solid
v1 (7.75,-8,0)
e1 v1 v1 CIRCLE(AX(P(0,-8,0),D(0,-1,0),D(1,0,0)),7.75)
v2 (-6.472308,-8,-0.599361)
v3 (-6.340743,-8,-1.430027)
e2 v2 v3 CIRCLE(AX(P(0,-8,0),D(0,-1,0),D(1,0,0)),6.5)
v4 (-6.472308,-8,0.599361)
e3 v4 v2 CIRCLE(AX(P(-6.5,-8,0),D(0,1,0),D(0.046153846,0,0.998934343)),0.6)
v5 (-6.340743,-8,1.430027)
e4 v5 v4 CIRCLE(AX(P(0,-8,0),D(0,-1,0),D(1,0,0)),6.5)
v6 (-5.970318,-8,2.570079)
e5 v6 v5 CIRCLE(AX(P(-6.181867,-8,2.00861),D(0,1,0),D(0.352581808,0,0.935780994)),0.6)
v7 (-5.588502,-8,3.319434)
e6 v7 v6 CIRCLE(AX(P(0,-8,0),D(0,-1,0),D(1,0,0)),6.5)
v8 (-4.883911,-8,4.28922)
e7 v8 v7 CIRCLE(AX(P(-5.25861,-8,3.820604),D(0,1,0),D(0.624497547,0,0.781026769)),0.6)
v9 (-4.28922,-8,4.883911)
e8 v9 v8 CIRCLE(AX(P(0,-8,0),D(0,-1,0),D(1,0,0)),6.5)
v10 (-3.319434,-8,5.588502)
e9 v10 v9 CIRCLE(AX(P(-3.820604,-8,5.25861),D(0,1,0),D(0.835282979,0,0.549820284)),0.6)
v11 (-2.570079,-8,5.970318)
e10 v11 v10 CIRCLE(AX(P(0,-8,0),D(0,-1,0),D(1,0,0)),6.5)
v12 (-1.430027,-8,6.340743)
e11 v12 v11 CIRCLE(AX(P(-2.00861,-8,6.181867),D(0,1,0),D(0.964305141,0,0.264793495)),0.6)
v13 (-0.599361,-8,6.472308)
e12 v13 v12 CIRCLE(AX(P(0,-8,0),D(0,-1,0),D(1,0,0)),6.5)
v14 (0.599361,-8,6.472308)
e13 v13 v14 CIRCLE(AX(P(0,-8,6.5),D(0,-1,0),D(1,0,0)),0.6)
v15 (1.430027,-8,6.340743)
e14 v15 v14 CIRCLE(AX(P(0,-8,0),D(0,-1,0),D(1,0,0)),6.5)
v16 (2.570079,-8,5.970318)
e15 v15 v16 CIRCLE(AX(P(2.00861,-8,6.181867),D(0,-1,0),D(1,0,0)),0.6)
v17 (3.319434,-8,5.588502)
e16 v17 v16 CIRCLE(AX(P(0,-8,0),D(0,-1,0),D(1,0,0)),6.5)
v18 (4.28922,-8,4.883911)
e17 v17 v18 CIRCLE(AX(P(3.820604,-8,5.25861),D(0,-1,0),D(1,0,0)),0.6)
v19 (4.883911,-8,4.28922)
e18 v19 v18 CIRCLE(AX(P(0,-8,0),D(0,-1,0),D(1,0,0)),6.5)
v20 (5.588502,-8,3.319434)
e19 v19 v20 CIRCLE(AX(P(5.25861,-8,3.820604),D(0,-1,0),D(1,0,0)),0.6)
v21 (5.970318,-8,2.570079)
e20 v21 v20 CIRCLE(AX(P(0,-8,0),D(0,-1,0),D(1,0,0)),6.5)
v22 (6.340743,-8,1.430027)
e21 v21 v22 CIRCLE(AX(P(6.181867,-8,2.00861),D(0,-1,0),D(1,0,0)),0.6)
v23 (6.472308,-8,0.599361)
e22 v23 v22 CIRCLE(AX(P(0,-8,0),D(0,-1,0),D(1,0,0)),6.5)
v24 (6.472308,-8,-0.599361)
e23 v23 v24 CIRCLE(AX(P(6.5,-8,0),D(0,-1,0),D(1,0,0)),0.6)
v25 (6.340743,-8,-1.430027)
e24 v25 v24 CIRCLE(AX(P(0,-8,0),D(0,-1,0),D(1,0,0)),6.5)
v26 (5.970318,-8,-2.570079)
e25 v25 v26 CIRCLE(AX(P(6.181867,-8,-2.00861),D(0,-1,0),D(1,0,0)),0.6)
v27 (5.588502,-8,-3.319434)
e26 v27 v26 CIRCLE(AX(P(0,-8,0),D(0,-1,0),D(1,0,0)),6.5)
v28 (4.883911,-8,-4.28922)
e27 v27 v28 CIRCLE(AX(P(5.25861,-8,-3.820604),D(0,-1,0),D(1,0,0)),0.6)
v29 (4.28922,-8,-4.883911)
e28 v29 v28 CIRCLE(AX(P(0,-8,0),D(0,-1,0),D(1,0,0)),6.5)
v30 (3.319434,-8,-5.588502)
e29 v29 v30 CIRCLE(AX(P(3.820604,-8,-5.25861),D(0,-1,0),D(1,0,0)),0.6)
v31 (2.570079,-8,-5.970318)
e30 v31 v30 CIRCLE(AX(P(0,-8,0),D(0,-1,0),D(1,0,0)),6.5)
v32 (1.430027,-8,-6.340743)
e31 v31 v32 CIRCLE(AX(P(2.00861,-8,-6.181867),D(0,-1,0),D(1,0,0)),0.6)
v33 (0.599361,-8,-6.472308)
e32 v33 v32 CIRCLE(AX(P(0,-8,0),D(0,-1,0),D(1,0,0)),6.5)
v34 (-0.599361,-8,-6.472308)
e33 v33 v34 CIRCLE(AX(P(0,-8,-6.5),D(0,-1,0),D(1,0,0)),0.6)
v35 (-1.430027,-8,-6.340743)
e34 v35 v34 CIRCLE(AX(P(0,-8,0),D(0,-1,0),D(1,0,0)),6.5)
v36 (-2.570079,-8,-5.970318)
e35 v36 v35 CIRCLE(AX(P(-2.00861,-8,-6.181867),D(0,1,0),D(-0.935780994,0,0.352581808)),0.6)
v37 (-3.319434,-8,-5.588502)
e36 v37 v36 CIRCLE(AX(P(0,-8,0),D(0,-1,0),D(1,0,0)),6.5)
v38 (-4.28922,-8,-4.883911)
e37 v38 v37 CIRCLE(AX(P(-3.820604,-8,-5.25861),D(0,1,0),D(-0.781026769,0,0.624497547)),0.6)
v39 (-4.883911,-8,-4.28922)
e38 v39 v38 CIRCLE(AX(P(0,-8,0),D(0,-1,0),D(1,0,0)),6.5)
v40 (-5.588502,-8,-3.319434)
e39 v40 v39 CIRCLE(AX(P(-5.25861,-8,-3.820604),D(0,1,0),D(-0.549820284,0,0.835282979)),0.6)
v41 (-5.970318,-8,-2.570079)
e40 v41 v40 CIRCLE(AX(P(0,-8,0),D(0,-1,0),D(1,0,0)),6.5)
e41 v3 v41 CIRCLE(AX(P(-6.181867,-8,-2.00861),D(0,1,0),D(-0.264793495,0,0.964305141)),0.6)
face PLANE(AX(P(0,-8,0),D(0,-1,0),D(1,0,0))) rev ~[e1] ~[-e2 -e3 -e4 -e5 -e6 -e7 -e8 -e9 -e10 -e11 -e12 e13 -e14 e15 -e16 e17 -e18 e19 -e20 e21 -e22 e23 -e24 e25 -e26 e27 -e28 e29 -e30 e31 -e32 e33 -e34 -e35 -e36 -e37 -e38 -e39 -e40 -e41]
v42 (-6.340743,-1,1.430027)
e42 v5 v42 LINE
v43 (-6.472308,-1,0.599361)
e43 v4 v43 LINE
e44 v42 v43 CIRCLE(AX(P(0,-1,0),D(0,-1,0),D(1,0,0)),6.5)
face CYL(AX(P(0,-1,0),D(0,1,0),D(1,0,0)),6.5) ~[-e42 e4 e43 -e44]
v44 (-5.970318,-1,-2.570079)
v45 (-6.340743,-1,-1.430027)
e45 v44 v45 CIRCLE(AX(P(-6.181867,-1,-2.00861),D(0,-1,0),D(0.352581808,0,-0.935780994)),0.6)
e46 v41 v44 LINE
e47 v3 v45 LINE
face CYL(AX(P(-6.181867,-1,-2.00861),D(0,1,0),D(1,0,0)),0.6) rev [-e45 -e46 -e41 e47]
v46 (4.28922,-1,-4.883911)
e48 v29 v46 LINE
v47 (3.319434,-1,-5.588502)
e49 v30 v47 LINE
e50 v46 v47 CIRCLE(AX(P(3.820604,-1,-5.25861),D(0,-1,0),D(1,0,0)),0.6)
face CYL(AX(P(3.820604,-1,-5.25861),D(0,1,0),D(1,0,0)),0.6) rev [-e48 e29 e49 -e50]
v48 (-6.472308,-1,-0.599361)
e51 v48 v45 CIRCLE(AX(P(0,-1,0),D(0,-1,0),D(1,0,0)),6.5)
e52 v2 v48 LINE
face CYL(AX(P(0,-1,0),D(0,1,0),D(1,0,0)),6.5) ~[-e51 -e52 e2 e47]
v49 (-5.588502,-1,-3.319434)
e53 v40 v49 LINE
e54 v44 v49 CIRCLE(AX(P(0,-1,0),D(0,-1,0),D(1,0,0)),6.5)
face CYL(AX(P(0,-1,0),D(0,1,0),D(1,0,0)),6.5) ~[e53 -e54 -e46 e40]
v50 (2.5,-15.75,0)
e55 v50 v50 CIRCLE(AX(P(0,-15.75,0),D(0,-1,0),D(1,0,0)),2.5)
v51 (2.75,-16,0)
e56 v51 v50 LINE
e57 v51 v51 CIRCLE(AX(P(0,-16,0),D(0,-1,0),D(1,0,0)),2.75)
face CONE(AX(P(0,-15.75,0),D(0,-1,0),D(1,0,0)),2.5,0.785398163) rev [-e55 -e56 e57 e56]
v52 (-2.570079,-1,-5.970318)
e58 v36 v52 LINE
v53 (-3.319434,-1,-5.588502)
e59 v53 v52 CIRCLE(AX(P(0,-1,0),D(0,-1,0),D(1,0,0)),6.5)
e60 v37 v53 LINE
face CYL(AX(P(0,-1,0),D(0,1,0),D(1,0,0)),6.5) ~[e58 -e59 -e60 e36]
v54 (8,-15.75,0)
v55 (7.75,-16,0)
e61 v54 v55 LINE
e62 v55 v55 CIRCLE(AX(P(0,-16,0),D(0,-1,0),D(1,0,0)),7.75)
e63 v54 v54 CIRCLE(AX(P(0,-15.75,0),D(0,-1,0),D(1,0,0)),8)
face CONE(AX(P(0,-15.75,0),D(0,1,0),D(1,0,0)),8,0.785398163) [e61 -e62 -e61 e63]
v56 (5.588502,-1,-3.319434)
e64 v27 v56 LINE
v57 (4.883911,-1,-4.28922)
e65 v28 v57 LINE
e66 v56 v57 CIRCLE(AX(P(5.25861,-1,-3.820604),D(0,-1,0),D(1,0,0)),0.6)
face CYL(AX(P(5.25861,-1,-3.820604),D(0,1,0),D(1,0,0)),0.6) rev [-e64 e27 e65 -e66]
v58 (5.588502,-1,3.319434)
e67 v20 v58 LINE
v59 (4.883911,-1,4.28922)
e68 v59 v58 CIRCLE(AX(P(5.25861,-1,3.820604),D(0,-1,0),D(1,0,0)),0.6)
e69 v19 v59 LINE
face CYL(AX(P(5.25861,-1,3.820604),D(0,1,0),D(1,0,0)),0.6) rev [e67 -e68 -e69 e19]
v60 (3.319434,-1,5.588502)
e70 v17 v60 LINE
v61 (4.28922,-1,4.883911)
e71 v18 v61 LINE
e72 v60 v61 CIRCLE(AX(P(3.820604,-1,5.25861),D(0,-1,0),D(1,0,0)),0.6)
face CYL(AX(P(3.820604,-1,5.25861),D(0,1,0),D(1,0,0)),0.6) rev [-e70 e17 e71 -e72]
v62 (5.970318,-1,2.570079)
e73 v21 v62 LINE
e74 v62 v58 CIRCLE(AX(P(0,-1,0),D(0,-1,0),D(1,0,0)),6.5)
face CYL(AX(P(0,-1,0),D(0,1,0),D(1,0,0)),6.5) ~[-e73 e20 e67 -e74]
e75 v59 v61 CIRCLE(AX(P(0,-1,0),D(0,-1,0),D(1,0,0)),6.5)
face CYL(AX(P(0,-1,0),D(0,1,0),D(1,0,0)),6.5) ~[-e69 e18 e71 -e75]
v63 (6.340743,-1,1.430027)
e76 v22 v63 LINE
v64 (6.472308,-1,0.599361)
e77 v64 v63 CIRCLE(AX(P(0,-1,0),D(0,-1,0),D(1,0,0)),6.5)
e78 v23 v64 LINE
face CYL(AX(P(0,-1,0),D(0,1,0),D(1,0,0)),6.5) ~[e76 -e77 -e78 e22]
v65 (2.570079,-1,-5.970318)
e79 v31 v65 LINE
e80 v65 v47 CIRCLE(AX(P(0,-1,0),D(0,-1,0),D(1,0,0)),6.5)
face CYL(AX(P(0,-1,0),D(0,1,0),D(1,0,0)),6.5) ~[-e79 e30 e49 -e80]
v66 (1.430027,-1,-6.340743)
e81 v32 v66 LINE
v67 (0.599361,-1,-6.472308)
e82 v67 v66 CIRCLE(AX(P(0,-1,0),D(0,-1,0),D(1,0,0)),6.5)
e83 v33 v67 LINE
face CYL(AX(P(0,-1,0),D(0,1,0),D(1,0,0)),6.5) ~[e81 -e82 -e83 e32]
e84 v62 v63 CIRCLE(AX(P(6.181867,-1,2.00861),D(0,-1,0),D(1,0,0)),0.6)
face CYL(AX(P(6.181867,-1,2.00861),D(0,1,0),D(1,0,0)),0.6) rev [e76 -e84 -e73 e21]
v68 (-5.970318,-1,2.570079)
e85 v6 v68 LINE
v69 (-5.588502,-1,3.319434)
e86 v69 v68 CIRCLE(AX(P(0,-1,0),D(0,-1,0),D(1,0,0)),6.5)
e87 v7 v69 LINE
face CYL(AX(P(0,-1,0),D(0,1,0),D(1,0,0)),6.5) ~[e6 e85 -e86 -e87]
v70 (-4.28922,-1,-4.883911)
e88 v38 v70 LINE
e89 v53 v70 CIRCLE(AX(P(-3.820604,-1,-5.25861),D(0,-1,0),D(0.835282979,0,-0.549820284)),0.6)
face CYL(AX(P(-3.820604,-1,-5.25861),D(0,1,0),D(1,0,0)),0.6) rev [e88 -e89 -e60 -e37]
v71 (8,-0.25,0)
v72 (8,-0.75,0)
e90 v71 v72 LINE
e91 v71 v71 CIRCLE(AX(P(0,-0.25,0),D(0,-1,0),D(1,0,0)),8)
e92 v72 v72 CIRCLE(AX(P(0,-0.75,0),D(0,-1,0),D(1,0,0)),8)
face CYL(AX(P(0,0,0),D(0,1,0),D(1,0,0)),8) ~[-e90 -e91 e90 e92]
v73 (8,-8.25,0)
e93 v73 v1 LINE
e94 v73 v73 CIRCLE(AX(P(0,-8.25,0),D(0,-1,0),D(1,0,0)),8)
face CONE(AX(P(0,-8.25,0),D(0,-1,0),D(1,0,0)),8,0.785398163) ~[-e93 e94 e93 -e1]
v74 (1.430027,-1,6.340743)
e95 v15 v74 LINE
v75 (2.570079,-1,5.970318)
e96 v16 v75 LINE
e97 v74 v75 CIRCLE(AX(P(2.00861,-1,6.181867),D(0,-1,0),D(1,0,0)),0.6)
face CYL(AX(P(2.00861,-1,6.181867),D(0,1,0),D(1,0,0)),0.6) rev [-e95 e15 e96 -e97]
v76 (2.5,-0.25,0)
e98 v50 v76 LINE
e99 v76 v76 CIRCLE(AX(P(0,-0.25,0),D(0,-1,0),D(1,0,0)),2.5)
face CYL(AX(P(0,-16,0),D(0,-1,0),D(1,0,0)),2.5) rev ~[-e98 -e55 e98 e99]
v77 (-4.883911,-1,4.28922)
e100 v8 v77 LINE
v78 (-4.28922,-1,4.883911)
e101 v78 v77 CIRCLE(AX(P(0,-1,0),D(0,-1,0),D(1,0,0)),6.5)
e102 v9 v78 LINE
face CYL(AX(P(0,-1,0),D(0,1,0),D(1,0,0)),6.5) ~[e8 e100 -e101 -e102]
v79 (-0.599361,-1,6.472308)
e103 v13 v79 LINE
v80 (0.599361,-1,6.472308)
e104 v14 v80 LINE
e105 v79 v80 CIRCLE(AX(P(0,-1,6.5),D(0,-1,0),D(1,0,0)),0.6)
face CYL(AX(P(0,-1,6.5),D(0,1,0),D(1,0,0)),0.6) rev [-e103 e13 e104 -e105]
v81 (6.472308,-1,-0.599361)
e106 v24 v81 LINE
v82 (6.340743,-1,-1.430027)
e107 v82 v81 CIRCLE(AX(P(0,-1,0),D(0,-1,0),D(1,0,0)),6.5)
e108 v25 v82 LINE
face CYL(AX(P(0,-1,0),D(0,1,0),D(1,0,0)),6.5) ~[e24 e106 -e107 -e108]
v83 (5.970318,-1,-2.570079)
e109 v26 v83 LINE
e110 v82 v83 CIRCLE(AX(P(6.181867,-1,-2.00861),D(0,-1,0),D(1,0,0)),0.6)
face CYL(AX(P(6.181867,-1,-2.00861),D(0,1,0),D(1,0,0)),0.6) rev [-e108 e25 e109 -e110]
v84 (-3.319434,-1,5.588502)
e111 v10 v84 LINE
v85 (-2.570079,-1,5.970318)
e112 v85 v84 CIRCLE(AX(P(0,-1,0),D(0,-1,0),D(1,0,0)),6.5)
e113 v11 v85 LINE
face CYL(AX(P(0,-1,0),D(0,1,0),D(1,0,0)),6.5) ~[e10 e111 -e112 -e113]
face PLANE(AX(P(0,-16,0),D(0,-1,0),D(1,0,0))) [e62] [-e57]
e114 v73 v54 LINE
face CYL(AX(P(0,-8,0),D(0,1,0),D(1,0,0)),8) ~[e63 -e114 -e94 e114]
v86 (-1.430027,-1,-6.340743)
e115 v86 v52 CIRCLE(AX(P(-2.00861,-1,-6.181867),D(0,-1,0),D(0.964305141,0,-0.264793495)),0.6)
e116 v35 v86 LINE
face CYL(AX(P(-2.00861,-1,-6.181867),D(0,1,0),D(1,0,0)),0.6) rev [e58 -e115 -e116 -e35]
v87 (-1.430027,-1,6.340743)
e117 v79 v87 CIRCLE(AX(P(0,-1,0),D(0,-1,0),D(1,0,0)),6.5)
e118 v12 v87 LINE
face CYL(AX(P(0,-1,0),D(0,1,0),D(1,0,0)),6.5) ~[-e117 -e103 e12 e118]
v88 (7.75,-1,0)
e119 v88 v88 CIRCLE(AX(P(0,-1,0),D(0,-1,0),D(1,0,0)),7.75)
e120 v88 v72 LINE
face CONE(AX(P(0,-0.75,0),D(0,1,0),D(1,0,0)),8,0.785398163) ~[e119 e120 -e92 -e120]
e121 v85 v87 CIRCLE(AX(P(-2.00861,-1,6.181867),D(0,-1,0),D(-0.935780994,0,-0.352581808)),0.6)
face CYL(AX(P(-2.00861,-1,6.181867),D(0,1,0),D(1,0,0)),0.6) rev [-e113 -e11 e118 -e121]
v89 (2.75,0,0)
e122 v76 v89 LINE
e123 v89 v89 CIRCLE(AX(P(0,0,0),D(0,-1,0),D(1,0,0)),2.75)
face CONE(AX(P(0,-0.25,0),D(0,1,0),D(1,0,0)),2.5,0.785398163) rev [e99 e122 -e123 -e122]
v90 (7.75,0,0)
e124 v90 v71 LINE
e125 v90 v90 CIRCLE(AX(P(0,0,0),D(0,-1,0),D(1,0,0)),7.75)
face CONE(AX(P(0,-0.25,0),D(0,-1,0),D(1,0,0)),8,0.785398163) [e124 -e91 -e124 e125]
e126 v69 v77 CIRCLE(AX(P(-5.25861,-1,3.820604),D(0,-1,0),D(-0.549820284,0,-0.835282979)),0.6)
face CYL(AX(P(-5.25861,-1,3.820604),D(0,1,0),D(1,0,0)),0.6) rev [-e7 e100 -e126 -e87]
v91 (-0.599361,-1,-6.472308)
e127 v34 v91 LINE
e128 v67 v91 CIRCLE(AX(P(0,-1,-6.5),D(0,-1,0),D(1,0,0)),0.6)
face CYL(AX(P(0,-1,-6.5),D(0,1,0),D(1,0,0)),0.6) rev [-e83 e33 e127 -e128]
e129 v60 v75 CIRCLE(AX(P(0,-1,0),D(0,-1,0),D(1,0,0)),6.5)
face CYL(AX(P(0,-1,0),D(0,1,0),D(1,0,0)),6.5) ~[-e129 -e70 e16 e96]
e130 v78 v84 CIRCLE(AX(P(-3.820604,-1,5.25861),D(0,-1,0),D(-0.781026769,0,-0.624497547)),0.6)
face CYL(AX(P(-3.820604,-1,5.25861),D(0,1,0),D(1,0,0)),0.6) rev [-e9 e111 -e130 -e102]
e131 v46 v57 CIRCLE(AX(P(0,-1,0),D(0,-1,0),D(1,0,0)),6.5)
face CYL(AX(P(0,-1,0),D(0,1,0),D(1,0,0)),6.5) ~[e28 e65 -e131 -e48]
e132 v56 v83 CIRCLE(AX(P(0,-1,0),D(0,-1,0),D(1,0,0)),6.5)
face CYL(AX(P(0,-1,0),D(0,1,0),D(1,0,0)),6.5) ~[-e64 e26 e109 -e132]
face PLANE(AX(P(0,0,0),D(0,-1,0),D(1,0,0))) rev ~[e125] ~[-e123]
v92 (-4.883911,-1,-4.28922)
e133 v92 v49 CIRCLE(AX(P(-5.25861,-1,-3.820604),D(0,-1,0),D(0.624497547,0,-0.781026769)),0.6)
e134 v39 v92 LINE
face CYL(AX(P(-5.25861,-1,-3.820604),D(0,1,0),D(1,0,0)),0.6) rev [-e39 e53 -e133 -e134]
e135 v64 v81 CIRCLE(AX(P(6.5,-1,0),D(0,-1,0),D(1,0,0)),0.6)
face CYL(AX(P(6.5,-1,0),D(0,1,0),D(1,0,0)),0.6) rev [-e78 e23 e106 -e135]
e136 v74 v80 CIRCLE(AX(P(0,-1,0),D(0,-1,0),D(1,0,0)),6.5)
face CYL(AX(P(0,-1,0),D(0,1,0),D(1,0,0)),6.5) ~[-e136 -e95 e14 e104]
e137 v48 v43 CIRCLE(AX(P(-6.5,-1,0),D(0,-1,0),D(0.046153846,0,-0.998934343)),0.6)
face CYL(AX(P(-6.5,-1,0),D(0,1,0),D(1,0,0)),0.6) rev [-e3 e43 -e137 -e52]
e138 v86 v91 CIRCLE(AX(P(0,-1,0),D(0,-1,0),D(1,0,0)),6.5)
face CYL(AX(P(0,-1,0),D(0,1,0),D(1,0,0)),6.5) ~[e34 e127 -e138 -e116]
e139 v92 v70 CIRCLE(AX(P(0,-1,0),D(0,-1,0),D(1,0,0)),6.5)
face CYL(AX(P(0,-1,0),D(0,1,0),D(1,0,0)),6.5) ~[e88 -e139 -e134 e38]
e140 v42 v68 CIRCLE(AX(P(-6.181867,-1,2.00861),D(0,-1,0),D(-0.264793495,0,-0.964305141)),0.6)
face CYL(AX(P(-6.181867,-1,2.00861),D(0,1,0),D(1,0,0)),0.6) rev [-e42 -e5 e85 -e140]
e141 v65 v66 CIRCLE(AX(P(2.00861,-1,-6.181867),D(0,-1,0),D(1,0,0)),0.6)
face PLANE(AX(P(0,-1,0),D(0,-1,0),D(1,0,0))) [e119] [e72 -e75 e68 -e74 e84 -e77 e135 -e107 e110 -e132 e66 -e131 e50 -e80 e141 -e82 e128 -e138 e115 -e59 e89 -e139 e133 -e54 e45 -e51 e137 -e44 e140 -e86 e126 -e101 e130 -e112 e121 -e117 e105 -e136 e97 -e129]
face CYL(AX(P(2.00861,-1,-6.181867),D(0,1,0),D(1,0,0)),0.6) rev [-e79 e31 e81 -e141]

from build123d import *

# Parameters (mm, degrees)
F0_R     = 8
F1_DEPTH = 1
F2_R     = 6.5
F3_DEPTH = 7
F4_R     = 8
F5_DEPTH = 8
F6_R     = 0.6
F7_DEPTH = 7
F8_R     = 2.5
F9_DEPTH = 16.001
F10_SIZE = 0.25


with BuildPart() as f1:
    # F0 (on Front) → F1 (new body)
    with BuildSketch(Plane.XZ):
        Circle(F0_R)
    extrude(amount=F1_DEPTH)

    # F2 (on face) → F3 (join)
    with BuildSketch(Plane.XZ.offset(1)):
        Circle(F2_R)
    extrude(amount=F3_DEPTH)

    # F4 (on face) → F5 (join)
    with BuildSketch(Plane.XZ.offset(8)):
        Circle(F4_R)
    extrude(amount=F5_DEPTH)

    # F6 (on face) → F7 (cut, through all)
    with BuildSketch(Plane.XZ.offset(1)):
        with Locations((0, 6.5)):
            Circle(F6_R)
        with Locations((-2.00861, 6.181867)):
            Circle(F6_R)
        with Locations((-3.820604, 5.25861)):
            Circle(F6_R)
        with Locations((-5.25861, 3.820604)):
            Circle(F6_R)
        with Locations((-6.181867, 2.00861)):
            Circle(F6_R)
        with Locations((-6.5, 0)):
            Circle(F6_R)
        with Locations((-6.181867, -2.00861)):
            Circle(F6_R)
        with Locations((-5.25861, -3.820604)):
            Circle(F6_R)
        with Locations((-3.820604, -5.25861)):
            Circle(F6_R)
        with Locations((-2.00861, -6.181867)):
            Circle(F6_R)
        with Locations((0, -6.5)):
            Circle(F6_R)
        with Locations((2.00861, -6.181867)):
            Circle(F6_R)
        with Locations((3.820604, -5.25861)):
            Circle(F6_R)
        with Locations((5.25861, -3.820604)):
            Circle(F6_R)
        with Locations((6.181867, -2.00861)):
            Circle(F6_R)
        with Locations((6.5, 0)):
            Circle(F6_R)
        with Locations((6.181867, 2.00861)):
            Circle(F6_R)
        with Locations((5.25861, 3.820604)):
            Circle(F6_R)
        with Locations((3.820604, 5.25861)):
            Circle(F6_R)
        with Locations((2.00861, 6.181867)):
            Circle(F6_R)
    extrude(amount=F7_DEPTH, mode=Mode.SUBTRACT)

    # F8 (on face) → F9 (cut, through all)
    with BuildSketch(Plane.XZ.offset(16)):
        Circle(F8_R)
    extrude(amount=-F9_DEPTH, mode=Mode.SUBTRACT)

    # F10
    f10_edges = [f1.edges().sort_by_distance(p)[0] for p in [
        (8, -12, 0),
        (-8, -8, 0),
        (-8, -16, 0),
        (8, -0.5, 0),
        (-8, 0, 0),
        (-8, -1, 0),
        (-2.5, -16, 0),
        (2.5, -8, 0),
        (-2.5, 0, 0),
    ]]
    chamfer(f10_edges, length=F10_SIZE)


solid = f1.part
